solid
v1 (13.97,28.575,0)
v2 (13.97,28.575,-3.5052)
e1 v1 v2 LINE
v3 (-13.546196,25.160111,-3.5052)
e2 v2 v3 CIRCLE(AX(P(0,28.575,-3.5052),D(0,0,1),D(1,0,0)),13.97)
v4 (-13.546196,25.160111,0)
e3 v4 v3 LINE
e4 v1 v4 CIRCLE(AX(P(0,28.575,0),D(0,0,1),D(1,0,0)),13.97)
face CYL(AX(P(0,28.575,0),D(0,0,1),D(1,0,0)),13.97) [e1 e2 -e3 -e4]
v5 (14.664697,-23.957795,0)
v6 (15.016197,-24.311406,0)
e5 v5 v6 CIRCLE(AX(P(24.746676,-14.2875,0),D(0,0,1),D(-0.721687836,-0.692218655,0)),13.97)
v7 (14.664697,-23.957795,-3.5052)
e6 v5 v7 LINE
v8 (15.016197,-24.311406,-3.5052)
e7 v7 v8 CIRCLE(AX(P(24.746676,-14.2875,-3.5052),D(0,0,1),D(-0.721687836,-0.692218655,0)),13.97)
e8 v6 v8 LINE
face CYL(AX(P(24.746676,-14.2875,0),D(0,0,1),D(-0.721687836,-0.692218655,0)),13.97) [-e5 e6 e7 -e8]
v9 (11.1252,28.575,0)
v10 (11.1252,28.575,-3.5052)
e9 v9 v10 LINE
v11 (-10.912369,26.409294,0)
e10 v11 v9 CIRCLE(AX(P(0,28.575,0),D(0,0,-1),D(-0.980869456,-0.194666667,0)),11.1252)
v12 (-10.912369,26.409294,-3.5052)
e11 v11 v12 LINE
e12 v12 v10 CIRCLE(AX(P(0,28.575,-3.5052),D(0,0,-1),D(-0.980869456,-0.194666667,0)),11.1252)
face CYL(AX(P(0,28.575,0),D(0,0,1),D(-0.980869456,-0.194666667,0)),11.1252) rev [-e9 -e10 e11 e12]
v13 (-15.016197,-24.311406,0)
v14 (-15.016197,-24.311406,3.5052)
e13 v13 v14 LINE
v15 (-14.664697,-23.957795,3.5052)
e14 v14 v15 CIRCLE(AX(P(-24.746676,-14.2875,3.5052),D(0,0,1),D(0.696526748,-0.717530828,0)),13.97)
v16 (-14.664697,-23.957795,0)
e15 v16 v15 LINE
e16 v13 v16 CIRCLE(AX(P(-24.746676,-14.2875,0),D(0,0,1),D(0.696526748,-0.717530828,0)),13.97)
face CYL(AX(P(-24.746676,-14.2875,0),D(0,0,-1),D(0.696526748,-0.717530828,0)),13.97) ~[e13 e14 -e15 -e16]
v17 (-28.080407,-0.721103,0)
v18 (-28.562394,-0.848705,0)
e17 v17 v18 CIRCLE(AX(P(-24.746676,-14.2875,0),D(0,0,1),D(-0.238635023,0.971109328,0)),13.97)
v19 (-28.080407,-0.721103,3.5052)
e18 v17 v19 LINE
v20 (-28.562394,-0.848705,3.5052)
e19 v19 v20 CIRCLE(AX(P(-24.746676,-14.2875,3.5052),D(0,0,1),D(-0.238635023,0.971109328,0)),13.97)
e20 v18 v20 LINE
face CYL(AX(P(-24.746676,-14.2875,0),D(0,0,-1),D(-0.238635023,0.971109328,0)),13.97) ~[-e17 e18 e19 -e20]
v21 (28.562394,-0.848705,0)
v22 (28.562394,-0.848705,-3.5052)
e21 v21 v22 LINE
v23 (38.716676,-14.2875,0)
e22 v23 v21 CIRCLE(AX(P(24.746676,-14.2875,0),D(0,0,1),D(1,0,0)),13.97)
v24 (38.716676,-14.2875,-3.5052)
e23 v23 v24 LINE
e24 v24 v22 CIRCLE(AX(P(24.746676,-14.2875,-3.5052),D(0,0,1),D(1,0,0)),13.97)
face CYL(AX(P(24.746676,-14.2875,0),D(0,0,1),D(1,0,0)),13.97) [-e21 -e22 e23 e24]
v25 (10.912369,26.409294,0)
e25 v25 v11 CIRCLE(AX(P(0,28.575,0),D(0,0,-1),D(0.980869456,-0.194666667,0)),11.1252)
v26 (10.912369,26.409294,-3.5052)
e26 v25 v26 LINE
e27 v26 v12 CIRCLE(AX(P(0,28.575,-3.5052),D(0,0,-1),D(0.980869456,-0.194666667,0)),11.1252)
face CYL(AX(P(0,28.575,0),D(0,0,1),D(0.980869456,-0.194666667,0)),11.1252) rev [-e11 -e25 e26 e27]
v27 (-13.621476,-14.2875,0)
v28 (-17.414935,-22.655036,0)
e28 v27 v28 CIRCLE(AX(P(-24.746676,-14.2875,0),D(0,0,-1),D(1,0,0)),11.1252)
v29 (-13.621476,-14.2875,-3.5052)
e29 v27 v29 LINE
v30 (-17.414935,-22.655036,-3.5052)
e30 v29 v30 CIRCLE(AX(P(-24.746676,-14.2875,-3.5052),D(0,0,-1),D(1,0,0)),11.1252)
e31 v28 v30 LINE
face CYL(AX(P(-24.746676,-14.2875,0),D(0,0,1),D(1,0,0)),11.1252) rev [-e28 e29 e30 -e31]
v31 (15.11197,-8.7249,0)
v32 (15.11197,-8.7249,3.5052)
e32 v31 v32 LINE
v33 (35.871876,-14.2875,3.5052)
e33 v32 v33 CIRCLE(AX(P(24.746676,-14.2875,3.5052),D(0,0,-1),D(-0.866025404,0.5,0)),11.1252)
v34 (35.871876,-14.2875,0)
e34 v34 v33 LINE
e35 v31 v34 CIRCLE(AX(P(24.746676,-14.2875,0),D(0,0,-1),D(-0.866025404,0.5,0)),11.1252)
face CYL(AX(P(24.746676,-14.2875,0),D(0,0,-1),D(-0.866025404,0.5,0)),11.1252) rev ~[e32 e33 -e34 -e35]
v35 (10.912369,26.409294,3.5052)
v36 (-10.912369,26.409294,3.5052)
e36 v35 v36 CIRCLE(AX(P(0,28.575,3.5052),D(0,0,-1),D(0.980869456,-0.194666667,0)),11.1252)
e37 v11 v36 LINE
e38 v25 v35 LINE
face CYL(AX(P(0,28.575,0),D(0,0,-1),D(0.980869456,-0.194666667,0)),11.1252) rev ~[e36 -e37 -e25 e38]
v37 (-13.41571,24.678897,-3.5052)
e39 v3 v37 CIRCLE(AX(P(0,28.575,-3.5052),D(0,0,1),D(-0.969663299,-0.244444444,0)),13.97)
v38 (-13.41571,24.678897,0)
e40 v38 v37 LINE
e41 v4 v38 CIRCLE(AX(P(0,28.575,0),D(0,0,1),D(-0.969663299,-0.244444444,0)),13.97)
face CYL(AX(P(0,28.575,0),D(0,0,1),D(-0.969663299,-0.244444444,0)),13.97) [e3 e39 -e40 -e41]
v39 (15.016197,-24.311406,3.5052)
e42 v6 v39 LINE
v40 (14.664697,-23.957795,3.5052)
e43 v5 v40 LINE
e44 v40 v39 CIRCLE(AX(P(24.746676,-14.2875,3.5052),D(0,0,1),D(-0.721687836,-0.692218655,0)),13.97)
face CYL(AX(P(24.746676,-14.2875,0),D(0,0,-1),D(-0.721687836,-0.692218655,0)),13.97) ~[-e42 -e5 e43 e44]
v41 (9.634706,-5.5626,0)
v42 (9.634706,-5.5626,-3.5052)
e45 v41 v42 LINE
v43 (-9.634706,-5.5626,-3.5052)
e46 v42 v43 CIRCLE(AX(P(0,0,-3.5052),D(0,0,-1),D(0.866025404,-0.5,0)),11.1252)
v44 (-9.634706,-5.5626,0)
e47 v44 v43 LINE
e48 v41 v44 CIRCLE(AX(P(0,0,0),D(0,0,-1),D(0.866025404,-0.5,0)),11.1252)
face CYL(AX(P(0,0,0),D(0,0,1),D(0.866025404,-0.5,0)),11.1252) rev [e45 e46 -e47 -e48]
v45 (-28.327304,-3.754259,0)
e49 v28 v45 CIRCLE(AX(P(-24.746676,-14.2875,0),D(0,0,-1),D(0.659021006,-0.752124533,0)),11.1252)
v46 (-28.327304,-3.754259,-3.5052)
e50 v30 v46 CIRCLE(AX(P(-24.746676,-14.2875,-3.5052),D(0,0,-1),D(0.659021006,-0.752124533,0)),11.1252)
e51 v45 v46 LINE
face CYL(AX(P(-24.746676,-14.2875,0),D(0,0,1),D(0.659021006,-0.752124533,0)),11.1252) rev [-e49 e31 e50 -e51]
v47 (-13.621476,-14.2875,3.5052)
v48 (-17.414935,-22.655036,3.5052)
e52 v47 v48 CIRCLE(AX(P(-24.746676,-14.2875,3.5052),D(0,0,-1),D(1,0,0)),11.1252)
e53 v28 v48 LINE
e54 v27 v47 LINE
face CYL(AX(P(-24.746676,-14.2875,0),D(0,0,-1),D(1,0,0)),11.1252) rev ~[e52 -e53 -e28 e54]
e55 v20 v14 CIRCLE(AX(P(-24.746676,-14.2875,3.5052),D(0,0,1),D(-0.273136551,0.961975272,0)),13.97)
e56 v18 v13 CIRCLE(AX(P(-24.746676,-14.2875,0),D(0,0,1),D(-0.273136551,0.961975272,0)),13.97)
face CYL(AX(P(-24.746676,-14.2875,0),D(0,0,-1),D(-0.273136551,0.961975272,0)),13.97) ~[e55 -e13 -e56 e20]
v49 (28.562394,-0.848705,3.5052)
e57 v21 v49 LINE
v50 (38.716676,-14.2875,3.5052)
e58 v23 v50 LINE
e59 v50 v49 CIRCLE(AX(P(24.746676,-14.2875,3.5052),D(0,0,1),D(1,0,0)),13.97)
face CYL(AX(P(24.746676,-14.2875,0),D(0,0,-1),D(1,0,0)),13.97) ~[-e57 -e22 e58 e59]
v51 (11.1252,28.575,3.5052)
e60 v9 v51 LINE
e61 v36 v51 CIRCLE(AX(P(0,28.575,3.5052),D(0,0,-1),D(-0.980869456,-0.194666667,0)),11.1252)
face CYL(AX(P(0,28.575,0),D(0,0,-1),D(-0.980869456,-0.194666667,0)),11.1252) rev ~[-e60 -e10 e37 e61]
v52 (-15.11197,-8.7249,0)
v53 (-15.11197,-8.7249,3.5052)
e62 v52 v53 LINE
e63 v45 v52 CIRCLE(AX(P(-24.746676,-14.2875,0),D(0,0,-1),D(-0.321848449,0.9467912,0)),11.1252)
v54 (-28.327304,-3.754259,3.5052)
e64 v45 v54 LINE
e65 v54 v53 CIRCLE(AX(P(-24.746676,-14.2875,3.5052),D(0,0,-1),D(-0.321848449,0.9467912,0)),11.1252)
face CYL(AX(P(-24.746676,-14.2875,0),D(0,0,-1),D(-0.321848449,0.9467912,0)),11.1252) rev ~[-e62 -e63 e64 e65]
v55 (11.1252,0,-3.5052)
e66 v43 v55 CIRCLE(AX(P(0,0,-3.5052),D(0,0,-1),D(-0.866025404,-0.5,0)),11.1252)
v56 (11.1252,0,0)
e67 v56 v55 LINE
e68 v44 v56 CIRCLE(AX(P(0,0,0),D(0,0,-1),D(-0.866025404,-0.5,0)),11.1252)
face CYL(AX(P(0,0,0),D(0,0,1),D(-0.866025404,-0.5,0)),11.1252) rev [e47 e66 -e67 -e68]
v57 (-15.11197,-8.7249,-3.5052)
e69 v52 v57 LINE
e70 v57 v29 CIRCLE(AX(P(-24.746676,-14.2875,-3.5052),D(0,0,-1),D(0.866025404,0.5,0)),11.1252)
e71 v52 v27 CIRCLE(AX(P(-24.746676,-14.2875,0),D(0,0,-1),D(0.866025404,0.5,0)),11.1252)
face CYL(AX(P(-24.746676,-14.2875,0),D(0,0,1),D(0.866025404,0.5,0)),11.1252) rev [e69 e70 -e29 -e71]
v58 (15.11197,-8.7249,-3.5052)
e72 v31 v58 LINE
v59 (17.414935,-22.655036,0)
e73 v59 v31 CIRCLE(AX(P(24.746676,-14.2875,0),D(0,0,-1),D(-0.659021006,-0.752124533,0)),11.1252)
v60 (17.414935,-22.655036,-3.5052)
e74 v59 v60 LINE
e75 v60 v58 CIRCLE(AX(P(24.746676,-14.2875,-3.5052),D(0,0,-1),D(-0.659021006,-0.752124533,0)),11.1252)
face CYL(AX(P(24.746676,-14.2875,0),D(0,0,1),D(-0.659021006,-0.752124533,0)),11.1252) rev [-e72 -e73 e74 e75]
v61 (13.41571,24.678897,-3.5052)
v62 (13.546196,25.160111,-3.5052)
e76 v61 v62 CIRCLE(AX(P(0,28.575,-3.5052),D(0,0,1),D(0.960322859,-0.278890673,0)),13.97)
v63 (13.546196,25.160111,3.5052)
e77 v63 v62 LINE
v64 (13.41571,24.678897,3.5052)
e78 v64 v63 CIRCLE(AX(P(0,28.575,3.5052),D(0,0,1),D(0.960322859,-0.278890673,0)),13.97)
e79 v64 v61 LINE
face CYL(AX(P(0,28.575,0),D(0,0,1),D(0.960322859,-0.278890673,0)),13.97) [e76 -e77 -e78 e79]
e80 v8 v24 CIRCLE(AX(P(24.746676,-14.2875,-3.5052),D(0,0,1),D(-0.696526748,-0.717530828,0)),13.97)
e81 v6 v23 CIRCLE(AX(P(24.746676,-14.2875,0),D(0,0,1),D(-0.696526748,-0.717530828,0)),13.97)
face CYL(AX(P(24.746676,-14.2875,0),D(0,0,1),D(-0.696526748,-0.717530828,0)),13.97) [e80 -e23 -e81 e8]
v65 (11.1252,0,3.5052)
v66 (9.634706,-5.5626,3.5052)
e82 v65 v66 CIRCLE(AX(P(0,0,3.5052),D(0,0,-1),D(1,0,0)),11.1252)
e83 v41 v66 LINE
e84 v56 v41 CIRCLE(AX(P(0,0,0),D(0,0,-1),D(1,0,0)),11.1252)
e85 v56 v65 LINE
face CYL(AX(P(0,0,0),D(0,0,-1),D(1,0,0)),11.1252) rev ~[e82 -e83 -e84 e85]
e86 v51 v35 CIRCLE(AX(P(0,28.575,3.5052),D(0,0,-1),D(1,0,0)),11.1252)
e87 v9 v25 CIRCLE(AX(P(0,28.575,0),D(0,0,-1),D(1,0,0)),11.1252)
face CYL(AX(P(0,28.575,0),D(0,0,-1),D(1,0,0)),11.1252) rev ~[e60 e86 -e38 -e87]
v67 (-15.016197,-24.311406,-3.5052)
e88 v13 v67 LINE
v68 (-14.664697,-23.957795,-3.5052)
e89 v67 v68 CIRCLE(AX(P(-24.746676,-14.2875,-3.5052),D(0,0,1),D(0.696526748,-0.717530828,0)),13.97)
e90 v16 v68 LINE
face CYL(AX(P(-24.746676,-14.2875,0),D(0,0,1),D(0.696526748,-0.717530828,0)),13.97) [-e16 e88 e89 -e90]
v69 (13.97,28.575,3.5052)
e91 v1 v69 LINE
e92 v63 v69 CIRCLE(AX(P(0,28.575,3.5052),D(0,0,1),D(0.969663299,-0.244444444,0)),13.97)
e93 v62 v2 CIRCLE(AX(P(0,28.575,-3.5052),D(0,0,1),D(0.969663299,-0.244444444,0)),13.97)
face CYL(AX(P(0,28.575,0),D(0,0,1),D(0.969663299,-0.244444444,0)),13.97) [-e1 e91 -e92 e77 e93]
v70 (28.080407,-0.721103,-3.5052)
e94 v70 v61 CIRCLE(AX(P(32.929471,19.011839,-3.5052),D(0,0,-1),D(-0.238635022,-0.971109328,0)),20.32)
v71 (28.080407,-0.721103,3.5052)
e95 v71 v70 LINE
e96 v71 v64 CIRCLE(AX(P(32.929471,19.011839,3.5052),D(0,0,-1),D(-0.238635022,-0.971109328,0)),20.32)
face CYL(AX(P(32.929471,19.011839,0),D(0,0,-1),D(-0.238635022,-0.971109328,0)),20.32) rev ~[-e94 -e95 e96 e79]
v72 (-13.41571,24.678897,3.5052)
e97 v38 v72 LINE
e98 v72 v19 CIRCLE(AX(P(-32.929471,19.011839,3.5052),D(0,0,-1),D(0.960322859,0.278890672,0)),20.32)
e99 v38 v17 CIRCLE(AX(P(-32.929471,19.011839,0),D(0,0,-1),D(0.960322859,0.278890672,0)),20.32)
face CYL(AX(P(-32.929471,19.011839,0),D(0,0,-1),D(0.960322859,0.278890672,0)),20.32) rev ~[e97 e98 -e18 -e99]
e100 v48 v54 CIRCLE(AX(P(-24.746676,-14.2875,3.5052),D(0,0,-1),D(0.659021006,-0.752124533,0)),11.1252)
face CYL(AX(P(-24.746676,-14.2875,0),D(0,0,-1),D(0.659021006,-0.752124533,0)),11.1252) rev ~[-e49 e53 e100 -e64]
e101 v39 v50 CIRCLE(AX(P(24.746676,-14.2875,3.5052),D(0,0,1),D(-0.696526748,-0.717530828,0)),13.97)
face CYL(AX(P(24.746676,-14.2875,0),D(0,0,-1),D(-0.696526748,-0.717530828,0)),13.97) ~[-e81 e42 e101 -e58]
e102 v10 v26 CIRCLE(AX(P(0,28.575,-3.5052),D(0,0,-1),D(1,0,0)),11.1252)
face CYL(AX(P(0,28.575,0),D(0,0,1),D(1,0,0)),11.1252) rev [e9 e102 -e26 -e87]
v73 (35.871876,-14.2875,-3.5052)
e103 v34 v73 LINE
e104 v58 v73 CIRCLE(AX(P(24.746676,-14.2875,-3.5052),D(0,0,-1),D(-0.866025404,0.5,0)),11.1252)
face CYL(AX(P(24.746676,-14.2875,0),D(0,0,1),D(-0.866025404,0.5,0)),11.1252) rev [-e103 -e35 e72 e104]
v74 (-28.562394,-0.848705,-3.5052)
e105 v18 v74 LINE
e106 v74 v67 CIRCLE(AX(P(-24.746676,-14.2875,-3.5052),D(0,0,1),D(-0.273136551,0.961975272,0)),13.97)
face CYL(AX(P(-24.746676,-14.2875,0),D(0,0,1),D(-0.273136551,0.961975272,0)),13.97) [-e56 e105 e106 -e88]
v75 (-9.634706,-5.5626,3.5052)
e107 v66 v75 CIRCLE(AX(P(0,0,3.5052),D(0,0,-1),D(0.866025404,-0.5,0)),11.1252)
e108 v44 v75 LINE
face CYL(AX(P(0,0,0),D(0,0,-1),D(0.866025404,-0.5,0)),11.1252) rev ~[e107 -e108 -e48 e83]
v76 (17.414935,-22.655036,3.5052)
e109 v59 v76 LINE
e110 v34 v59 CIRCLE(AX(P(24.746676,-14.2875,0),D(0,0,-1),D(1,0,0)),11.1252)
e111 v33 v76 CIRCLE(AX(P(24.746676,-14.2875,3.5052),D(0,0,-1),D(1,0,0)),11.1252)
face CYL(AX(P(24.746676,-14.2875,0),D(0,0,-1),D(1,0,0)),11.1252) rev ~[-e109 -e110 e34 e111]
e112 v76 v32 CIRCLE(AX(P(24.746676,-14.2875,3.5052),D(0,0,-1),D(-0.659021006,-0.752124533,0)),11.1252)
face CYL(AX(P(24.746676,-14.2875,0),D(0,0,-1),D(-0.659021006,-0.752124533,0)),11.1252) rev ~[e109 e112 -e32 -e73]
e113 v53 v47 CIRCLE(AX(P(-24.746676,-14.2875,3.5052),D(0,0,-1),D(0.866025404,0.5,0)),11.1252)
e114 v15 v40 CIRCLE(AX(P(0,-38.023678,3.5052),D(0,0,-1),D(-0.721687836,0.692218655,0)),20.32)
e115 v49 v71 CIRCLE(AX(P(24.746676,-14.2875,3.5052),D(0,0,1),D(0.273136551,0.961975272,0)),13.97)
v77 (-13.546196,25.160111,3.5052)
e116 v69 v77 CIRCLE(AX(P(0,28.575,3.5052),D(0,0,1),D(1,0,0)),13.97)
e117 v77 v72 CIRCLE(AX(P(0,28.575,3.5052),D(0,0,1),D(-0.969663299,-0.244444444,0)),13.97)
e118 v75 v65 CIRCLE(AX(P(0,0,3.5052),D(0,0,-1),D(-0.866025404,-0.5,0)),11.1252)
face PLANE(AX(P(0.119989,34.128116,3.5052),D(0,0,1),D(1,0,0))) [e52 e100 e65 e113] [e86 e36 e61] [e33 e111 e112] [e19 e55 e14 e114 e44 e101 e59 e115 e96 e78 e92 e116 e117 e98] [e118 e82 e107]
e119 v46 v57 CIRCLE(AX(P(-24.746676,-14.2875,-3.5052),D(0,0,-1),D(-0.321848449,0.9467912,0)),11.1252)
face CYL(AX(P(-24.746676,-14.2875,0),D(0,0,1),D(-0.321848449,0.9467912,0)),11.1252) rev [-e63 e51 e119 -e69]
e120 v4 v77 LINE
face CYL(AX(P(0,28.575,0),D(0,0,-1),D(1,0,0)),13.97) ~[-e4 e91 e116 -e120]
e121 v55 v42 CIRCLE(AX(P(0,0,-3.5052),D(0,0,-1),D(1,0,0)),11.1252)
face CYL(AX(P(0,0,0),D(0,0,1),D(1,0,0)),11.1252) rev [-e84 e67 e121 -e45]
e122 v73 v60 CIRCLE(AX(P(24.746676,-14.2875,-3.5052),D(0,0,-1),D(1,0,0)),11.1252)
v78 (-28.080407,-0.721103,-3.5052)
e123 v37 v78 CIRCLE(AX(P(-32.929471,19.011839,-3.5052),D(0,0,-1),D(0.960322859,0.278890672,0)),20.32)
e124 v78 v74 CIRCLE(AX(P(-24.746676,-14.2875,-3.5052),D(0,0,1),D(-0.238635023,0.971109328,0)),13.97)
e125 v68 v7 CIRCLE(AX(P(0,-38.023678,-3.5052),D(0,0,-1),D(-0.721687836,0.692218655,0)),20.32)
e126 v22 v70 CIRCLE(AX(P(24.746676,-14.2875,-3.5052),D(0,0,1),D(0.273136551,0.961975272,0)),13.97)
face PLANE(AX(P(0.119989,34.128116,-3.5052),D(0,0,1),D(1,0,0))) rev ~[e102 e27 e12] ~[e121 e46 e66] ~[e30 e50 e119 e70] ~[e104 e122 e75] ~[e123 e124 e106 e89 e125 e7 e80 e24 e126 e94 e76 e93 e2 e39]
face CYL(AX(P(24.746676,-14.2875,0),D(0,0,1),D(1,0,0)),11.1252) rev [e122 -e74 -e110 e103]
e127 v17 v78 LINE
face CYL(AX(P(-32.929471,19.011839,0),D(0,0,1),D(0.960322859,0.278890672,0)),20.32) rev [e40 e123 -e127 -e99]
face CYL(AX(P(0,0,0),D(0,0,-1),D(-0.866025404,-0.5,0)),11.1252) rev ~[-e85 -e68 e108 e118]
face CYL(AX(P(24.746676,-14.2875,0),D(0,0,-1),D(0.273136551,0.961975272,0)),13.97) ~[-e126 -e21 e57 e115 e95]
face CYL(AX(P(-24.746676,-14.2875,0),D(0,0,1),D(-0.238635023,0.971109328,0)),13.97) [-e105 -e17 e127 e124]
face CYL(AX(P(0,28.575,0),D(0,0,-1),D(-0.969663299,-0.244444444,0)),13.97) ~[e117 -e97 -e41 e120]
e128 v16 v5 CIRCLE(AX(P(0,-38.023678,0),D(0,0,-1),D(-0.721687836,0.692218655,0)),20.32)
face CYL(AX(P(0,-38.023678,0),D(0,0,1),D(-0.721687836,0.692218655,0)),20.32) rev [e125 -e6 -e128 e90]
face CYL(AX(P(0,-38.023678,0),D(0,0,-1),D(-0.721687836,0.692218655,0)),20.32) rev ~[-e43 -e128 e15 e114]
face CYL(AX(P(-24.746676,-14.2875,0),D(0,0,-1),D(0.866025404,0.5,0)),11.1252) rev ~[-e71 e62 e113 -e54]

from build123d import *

# Parameters (mm, degrees)
F1_DEPTH = 3.5052


with BuildPart() as f1:
    # F0 (on Top) → F1 (new body, symmetric)
    with BuildSketch(Plane.XY):
        with BuildLine():
            ThreePointArc((10.9123688672, 26.4092944), (12.2452222147, 25.8183105162), (13.5461962881, 25.1601111111))
            ThreePointArc((13.5461962881, 25.1601111111), (13.8636442205, 26.8544567929), (13.97, 28.575))
            ThreePointArc((13.97, 28.575), (-1.7205432071, 42.4386442205), (-13.5461962881, 25.1601111111))
            ThreePointArc((-13.5461962881, 25.1601111111), (-12.2452222147, 25.8183105162), (-10.9123688672, 26.4092944))
            ThreePointArc((-10.9123688672, 26.4092944), (-1.0880691427, 39.6468643679), (11.1252, 28.575))
            ThreePointArc((11.1252, 28.575), (11.0718643679, 27.4869308573), (10.9123688672, 26.4092944))
        make_face()
        with BuildLine():
            ThreePointArc((13.4157103354, 24.6788973069), (13.4831003065, 24.9189220298), (13.5461962881, 25.1601111111))
            ThreePointArc((13.5461962881, 25.1601111111), (12.2452222147, 25.8183105162), (10.9123688672, 26.4092944))
            ThreePointArc((10.9123688672, 26.4092944), (0, 17.4498), (-10.9123688672, 26.4092944))
            ThreePointArc((-10.9123688672, 26.4092944), (-12.2452222147, 25.8183105162), (-13.5461962881, 25.1601111111))
            ThreePointArc((-13.5461962881, 25.1601111111), (-13.4831003065, 24.9189220298), (-13.4157103354, 24.6788973069))
            ThreePointArc((-13.4157103354, 24.6788973069), (0, 14.605), (13.4157103354, 24.6788973069))
        make_face()
        with BuildLine():
            ThreePointArc((28.0804071729, -0.7211026931), (15.3318346185, 8.8518388441), (13.4157103354, 24.6788973069))
            ThreePointArc((13.4157103354, 24.6788973069), (0, 14.605), (-13.4157103354, 24.6788973069))
            ThreePointArc((-13.4157103354, 24.6788973069), (-15.3318346185, 8.8518388441), (-28.0804071729, -0.7211026931))
            ThreePointArc((-28.0804071729, -0.7211026931), (-19.2663983542, -1.4373070879), (-12.6483010223, -7.3025))
            Line((-12.6483010223, -7.3025), (-9.6347058222, -5.5626))
            ThreePointArc((-9.6347058222, -5.5626), (-2.8794136406, 10.7461180026), (11.1252, 0))
            ThreePointArc((11.1252, 0), (10.7461180026, -2.8794136406), (9.6347058222, -5.5626))
            Line((9.6347058222, -5.5626), (12.6483010223, -7.3025))
            ThreePointArc((12.6483010223, -7.3025), (19.2663983542, -1.4373070879), (28.0804071729, -0.7211026931))
        make_face()
        with BuildLine():
            ThreePointArc((28.32730428, -3.7542585455), (28.4819238972, -2.3044817452), (28.5623935283, -0.8487054454))
            ThreePointArc((28.5623935283, -0.8487054454), (28.321969666, -0.7827536277), (28.0804071729, -0.7211026931))
            ThreePointArc((28.0804071729, -0.7211026931), (19.2663983542, -1.4373070879), (12.6483010223, -7.3025))
            Line((12.6483010223, -7.3025), (15.111970091, -8.7249))
            ThreePointArc((15.111970091, -8.7249), (20.8300724642, -3.8745132784), (28.32730428, -3.7542585455))
        make_face()
        with BuildLine():
            ThreePointArc((38.7166759131, -14.2875), (35.8926723936, -5.8656437641), (28.5623935283, -0.8487054454))
            ThreePointArc((28.5623935283, -0.8487054454), (28.4819238972, -2.3044817452), (28.32730428, -3.7542585455))
            ThreePointArc((28.32730428, -3.7542585455), (33.7911571516, -7.8092722974), (35.8718759131, -14.2875))
            ThreePointArc((35.8718759131, -14.2875), (29.3403125785, -24.4200503812), (17.4149354128, -22.6550358545))
            ThreePointArc((17.4149354128, -22.6550358545), (16.2367016825, -23.513828771), (15.0161972402, -24.3114056657))
            ThreePointArc((15.0161972402, -24.3114056657), (30.1884638978, -27.1540396875), (38.7166759131, -14.2875))
        make_face()
        with BuildLine():
            ThreePointArc((17.4149354128, -22.6550358545), (13.7704631585, -16.1021152775), (15.111970091, -8.7249))
            Line((15.111970091, -8.7249), (12.6483010223, -7.3025))
            ThreePointArc((12.6483010223, -7.3025), (10.8779436283, -15.9665368702), (14.6646968374, -23.9577946137))
            ThreePointArc((14.6646968374, -23.9577946137), (14.8388693595, -24.1361684021), (15.0161972402, -24.3114056657))
            ThreePointArc((15.0161972402, -24.3114056657), (16.2367016825, -23.513828771), (17.4149354128, -22.6550358545))
        make_face()
        with BuildLine():
            ThreePointArc((14.6646968374, -23.9577946137), (10.8779436283, -15.9665368702), (12.6483010223, -7.3025))
            Line((12.6483010223, -7.3025), (9.6347058222, -5.5626))
            ThreePointArc((9.6347058222, -5.5626), (0, -11.1252), (-9.6347058222, -5.5626))
            Line((-9.6347058222, -5.5626), (-12.6483010223, -7.3025))
            ThreePointArc((-12.6483010223, -7.3025), (-11.2526921199, -10.6717979399), (-10.7766759131, -14.2875))
            ThreePointArc((-10.7766759131, -14.2875), (-11.7850759408, -19.498817123), (-14.6646968374, -23.9577946137))
            ThreePointArc((-14.6646968374, -23.9577946137), (0, -17.7036776883), (14.6646968374, -23.9577946137))
        make_face()
        with BuildLine():
            ThreePointArc((-17.4149354128, -22.6550358545), (-16.2367016825, -23.513828771), (-15.0161972402, -24.3114056657))
            ThreePointArc((-15.0161972402, -24.3114056657), (-14.8388693595, -24.1361684021), (-14.6646968374, -23.9577946137))
            ThreePointArc((-14.6646968374, -23.9577946137), (-11.7850759408, -19.498817123), (-10.7766759131, -14.2875))
            ThreePointArc((-10.7766759131, -14.2875), (-11.2526921199, -10.6717979399), (-12.6483010223, -7.3025))
            Line((-12.6483010223, -7.3025), (-15.111970091, -8.7249))
            ThreePointArc((-15.111970091, -8.7249), (-14.0005579105, -11.4080863594), (-13.6214759131, -14.2875))
            ThreePointArc((-13.6214759131, -14.2875), (-14.614125532, -18.8811366653), (-17.4149354128, -22.6550358545))
        make_face()
        with BuildLine():
            ThreePointArc((-12.6483010223, -7.3025), (-19.2663983542, -1.4373070879), (-28.0804071729, -0.7211026931))
            ThreePointArc((-28.0804071729, -0.7211026931), (-28.321969666, -0.7827536277), (-28.5623935283, -0.8487054454))
            ThreePointArc((-28.5623935283, -0.8487054454), (-28.4819238972, -2.3044817452), (-28.32730428, -3.7542585455))
            ThreePointArc((-28.32730428, -3.7542585455), (-20.8300724642, -3.8745132784), (-15.111970091, -8.7249))
            Line((-15.111970091, -8.7249), (-12.6483010223, -7.3025))
        make_face()
        with BuildLine():
            ThreePointArc((-28.32730428, -3.7542585455), (-28.4819238972, -2.3044817452), (-28.5623935283, -0.8487054454))
            ThreePointArc((-28.5623935283, -0.8487054454), (-36.845050804, -21.2725), (-15.0161972402, -24.3114056657))
            ThreePointArc((-15.0161972402, -24.3114056657), (-16.2367016825, -23.513828771), (-17.4149354128, -22.6550358545))
            ThreePointArc((-17.4149354128, -22.6550358545), (-34.3813817353, -19.8501), (-28.32730428, -3.7542585455))
        make_face()
    extrude(amount=F1_DEPTH, both=True)


solid = f1.part
